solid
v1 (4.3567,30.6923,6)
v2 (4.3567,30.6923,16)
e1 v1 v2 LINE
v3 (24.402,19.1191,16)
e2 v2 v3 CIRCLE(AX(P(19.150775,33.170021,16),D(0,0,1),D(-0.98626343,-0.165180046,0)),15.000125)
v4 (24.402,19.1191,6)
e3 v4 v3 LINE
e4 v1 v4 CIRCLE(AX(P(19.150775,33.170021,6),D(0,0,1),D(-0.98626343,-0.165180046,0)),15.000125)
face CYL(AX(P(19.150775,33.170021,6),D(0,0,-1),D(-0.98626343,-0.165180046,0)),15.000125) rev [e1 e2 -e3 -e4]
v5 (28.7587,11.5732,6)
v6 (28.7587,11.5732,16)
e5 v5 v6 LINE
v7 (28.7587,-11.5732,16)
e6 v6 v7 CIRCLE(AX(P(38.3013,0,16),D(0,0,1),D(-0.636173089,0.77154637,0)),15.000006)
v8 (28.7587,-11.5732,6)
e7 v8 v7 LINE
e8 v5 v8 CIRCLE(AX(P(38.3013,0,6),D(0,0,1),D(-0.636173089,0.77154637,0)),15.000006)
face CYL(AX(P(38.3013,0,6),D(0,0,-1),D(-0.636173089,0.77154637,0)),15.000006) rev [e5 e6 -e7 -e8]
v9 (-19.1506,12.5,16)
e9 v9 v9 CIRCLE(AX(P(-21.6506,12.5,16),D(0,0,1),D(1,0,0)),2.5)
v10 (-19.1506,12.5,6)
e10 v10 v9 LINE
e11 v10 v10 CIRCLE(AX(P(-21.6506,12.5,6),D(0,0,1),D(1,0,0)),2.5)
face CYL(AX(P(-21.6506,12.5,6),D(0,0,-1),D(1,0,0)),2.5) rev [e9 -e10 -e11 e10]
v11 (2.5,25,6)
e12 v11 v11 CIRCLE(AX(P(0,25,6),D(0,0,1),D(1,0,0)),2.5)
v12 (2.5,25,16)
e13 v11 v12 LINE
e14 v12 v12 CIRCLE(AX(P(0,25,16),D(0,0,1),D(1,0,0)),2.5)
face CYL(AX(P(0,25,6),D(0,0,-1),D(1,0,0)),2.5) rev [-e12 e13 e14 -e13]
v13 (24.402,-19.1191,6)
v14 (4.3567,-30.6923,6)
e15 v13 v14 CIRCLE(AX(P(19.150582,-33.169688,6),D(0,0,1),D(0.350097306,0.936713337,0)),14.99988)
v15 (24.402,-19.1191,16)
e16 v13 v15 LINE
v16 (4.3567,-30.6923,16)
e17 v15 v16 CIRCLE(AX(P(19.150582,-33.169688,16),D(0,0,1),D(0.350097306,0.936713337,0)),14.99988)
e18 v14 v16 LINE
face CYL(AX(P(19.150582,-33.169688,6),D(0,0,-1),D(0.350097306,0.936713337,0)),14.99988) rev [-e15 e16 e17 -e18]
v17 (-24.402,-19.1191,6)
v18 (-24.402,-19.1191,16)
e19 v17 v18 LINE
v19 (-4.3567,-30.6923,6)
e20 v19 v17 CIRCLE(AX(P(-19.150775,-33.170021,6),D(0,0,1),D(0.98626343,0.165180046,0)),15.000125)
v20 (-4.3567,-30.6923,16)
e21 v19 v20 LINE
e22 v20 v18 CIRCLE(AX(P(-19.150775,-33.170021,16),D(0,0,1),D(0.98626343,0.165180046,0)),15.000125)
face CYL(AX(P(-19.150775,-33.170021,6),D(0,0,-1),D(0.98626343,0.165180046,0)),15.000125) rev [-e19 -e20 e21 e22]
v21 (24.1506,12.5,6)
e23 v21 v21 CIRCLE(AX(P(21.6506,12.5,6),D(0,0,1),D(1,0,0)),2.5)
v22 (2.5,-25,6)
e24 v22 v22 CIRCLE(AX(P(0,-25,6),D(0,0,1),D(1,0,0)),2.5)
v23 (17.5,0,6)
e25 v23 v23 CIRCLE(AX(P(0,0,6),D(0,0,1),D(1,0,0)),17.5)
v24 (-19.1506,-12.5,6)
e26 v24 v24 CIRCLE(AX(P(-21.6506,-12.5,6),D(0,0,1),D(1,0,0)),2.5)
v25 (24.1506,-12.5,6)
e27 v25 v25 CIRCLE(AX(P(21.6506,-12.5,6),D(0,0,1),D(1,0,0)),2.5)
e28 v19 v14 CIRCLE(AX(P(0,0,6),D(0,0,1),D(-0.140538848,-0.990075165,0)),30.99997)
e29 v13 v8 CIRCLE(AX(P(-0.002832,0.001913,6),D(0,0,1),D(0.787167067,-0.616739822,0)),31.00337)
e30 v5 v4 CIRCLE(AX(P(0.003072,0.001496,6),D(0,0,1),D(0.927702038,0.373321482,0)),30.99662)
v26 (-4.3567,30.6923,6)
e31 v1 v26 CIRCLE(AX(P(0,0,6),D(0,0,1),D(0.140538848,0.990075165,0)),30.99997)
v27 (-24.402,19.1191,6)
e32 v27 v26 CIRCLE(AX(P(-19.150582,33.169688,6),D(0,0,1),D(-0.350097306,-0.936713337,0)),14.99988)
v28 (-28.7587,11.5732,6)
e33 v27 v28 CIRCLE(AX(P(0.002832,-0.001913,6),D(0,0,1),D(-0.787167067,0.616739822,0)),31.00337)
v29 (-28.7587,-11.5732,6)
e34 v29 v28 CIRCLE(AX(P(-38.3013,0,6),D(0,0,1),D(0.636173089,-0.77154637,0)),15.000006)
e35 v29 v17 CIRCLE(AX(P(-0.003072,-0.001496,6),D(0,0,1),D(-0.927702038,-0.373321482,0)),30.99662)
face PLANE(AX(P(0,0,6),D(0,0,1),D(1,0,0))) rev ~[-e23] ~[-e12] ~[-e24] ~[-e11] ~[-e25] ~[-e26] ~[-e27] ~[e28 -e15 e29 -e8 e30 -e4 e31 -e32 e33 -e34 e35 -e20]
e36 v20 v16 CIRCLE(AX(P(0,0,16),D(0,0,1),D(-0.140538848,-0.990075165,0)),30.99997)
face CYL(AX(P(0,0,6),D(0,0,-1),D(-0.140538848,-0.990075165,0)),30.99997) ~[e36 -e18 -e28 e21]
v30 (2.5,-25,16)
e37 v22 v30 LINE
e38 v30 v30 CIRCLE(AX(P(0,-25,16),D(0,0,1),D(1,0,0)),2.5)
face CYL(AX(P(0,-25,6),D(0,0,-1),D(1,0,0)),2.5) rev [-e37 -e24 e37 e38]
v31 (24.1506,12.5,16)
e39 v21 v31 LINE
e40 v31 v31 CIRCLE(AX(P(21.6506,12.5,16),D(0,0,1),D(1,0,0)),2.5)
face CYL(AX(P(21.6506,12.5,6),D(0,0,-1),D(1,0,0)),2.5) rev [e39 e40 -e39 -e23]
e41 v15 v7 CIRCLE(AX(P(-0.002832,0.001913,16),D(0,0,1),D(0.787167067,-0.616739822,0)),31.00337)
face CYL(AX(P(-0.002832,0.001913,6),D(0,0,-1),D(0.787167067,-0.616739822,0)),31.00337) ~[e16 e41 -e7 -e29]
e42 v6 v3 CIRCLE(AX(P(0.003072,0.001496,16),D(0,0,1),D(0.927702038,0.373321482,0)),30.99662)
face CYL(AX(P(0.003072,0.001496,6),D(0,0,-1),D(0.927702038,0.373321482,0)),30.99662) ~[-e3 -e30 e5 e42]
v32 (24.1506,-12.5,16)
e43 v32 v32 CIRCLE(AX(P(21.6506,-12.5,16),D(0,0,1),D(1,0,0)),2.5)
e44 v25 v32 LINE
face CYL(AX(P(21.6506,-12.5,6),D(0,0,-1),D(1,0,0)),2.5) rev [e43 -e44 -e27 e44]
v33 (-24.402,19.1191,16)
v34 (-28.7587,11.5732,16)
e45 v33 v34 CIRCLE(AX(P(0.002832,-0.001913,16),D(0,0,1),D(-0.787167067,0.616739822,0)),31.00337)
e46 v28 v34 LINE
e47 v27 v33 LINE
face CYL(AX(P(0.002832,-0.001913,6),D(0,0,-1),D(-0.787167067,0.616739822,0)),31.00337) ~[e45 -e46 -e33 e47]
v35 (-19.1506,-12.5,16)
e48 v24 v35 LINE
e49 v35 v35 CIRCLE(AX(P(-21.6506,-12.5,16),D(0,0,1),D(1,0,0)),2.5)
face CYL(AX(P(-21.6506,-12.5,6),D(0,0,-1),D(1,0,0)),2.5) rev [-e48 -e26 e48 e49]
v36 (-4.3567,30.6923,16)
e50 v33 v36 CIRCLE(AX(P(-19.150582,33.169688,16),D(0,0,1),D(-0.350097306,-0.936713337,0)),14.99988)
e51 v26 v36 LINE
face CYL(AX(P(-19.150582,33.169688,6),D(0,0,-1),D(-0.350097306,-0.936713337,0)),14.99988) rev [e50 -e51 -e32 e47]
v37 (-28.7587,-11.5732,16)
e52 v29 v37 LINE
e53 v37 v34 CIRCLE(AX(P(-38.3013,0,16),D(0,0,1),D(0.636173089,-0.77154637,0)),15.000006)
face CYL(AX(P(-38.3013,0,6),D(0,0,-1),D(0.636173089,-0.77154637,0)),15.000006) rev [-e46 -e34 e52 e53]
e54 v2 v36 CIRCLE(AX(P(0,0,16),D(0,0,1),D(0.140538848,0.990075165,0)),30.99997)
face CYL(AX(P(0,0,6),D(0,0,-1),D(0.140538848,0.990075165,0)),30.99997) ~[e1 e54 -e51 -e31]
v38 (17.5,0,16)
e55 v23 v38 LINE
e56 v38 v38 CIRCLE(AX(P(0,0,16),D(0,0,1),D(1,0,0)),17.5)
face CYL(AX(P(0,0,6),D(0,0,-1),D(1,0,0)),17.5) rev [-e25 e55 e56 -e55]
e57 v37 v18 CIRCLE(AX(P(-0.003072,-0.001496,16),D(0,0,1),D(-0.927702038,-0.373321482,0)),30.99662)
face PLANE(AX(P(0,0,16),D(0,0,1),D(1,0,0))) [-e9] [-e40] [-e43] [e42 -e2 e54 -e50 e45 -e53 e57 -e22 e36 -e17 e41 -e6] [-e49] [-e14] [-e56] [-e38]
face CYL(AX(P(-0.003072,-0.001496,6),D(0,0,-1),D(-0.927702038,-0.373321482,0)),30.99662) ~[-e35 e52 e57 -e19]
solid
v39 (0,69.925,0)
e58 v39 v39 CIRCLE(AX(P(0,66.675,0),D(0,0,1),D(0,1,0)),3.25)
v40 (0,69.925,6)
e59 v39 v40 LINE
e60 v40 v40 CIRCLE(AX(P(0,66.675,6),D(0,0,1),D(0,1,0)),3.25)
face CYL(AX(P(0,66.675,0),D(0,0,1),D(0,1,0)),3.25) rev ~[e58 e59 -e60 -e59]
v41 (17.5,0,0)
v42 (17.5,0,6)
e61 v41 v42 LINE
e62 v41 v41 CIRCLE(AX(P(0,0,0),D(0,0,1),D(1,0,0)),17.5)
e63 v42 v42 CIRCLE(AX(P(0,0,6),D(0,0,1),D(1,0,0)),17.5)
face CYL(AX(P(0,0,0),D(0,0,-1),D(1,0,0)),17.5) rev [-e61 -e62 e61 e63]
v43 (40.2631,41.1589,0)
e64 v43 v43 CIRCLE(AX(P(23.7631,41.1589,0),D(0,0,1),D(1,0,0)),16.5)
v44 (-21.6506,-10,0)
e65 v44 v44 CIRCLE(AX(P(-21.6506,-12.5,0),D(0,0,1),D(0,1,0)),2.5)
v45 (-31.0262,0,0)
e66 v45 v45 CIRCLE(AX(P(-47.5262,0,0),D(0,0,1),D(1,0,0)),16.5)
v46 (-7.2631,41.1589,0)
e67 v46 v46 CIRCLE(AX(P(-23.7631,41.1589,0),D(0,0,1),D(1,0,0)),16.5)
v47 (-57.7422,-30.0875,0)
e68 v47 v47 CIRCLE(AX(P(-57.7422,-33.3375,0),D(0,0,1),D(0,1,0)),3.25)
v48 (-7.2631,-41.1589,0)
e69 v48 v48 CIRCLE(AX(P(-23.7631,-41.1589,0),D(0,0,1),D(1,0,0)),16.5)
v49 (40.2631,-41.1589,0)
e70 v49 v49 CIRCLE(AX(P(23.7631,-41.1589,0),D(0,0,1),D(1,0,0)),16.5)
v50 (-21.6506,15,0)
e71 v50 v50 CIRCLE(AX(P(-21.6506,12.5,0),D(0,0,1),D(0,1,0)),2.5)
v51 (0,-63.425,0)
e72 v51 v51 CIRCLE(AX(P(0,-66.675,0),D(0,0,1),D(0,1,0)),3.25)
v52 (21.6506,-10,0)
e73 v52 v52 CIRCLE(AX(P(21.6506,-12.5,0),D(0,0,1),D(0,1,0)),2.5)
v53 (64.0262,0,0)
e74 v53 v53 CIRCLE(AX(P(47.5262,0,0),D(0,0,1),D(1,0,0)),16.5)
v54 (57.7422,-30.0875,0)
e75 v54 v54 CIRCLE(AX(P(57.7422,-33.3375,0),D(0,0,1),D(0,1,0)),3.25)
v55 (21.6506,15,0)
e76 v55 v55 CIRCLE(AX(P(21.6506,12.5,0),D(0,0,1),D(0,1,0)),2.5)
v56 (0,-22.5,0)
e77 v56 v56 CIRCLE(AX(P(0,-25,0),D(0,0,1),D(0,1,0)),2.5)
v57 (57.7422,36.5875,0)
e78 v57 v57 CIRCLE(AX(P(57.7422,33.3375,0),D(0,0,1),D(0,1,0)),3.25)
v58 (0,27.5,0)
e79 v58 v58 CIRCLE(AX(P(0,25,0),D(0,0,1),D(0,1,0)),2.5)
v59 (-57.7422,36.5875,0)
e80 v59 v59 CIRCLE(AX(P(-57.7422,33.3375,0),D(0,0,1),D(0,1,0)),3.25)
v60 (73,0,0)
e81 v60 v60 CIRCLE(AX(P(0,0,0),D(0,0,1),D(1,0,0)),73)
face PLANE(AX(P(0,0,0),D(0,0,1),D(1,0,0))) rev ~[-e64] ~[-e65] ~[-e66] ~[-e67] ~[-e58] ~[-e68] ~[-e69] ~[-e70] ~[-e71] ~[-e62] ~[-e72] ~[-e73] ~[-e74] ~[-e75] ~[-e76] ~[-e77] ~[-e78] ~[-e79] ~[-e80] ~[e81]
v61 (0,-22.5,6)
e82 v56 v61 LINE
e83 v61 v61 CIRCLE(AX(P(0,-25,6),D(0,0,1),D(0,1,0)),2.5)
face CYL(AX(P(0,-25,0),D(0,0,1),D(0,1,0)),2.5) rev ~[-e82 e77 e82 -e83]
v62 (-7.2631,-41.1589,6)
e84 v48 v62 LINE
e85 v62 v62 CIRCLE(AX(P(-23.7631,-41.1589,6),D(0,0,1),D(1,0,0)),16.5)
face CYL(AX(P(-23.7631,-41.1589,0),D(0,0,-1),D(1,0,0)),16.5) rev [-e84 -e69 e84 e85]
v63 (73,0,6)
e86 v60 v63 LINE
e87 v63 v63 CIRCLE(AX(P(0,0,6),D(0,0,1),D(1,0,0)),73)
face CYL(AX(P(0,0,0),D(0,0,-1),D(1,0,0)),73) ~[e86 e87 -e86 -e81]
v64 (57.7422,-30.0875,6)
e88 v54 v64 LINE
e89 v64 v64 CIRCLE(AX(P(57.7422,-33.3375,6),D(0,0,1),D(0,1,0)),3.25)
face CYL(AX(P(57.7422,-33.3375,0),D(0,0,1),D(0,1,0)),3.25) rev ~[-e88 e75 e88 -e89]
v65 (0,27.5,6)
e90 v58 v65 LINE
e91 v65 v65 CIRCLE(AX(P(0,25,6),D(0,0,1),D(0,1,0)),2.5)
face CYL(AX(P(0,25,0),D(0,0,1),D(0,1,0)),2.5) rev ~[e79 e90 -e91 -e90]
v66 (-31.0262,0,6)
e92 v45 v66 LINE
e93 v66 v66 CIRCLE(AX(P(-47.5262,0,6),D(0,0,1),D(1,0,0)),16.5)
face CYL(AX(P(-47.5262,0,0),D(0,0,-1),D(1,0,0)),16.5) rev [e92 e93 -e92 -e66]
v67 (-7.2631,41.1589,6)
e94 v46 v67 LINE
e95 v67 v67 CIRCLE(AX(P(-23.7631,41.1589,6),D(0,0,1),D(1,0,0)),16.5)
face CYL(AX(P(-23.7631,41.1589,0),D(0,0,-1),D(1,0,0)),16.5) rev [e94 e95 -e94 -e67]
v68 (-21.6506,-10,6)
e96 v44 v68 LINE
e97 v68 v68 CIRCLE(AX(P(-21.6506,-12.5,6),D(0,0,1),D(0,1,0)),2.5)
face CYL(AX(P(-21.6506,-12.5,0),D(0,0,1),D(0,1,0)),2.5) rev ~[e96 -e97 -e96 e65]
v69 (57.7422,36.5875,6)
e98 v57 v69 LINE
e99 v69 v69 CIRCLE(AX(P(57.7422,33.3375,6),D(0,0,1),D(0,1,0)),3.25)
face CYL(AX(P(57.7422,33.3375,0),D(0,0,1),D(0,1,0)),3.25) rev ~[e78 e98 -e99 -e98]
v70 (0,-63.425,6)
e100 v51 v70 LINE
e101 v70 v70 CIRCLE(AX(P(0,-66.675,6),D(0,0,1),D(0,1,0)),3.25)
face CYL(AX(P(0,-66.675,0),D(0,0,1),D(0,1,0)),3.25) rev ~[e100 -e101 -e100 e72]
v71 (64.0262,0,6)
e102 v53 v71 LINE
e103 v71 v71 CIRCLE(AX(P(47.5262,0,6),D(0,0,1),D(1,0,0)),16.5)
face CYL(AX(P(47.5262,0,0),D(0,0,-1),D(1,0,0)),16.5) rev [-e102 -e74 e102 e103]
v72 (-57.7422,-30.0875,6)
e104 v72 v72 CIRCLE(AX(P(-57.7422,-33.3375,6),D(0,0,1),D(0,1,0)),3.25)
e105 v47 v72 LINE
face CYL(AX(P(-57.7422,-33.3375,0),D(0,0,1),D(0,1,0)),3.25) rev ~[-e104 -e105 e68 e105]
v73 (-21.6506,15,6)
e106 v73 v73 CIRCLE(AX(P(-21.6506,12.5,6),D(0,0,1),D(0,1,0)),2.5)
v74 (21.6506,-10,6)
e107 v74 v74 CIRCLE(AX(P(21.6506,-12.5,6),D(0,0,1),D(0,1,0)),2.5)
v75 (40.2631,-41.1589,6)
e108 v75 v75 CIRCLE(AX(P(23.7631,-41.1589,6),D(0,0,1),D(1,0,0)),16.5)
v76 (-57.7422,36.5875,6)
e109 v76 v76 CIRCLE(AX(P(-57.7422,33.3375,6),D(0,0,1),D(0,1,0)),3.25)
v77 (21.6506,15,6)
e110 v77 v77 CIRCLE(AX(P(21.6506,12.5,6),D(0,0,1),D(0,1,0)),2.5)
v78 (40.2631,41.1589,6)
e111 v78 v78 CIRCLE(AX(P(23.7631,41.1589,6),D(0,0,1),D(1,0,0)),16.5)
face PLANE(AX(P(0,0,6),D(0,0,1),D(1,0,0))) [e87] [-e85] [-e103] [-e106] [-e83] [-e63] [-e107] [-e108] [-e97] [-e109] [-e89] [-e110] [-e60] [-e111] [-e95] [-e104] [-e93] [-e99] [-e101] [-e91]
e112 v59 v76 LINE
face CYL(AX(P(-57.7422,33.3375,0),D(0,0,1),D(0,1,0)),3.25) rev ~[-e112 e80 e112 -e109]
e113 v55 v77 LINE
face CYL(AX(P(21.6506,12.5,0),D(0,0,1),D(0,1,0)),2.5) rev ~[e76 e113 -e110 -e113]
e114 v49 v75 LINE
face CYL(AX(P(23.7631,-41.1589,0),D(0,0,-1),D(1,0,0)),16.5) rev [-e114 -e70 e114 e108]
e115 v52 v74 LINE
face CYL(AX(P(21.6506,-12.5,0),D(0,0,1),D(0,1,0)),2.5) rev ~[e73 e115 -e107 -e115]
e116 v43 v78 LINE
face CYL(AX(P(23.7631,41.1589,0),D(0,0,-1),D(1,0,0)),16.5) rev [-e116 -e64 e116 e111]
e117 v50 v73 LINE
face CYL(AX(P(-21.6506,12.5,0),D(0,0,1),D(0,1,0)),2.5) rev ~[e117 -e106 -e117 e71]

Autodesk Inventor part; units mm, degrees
ref_plane "YZ Plane" through (0, 0, 0) normal (1, 0, 0) x (0, 1, 0)
ref_plane "XZ Plane" through (0, 0, 0) normal (0, 1, 0) x (-1, 0, 0)
ref_plane "XY Plane" through (0, 0, 0) normal (0, 0, 1) x (1, 0, 0)
sketch "Sketch1" plane through (0, 0, 0) normal (0, 0, 1) x (1, 0, 0)
  circle A0 centre (0, 0) radius 17.5
  circle A1 centre (-47.5262, 0) radius 16.5
  circle A2 centre (0, 0) radius 73
  circle A3 centre (-23.7631, -41.1589) radius 16.5
  circle A4 centre (23.7631, -41.1589) radius 16.5
  circle A5 centre (47.5262, 0) radius 16.5
  circle A6 centre (23.7631, 41.1589) radius 16.5
  circle A7 centre (-23.7631, 41.1589) radius 16.5
  point P0 (0, 66.675)
  point P1 (-57.7422, 33.3375)
  point P2 (-57.7422, -33.3375)
  point P3 (0, -66.675)
  point P4 (57.7422, -33.3375)
  point P5 (57.7422, 33.3375)
  point P6 (0, 25)
  point P7 (-21.6506, 12.5)
  point P8 (-21.6506, -12.5)
  point P9 (0, -25)
  point P10 (21.6506, -12.5)
  point P11 (21.6506, 12.5)
  dimension "d0" = 66.675
  dimension "d3" = 360
  dimension "d9" = 35
  dimension "d19" = 33
  dimension "d20" = 25
  dimension "d23" = 360
  dimension "d25" = 146
  dimension "d28" = 360
extrude "Extrusion2" add sketch "Sketch1" along normal blind 6
hole "Hole2" at (0, 66.675, 0) at (-57.7422, 33.3375, 0) at (-57.7422, -33.3375, 0) at (0, -66.675, 0) at (57.7422, -33.3375, 0) at (57.7422, 33.3375, 0) direction (0, 0, 1) diameter 6.5 end through all
hole "Hole3" at (0, 25, 0) at (-21.6506, 12.5, 0) at (-21.6506, -12.5, 0) at (0, -25, 0) at (21.6506, 12.5, 0) at (21.6506, -12.5, 0) direction (0, 0, 1) diameter 5 end through all
sketch "Sketch3" plane through (0, 0, 6) normal (0, 0, 1) x (1, 0, 0)
  circle A0 centre (0, 0) radius 17.5 projected
  circle A1 centre (21.6506, 12.5) radius 2.5 projected
  circle A2 centre (0, 25) radius 2.5 projected
  circle A3 centre (-21.6506, 12.5) radius 2.5 projected
  circle A4 centre (-21.6506, -12.5) radius 2.5 projected
  circle A5 centre (0, -25) radius 2.5 projected
  circle A6 centre (21.6506, -12.5) radius 2.5 projected
  line L0 (0, 0) -> (23.058, 39.9377) construction
  line L1 (0, 0) -> (46.116, 0) construction
  arc A7 (4.3567, 30.6923) -> (24.402, 19.1191) centre (19.1506, 33.1699) ccw
  arc A8 (-24.402, 19.1191) -> (-4.3567, 30.6923) centre (-19.1506, 33.1699) ccw
  arc A9 (-28.7587, -11.5732) -> (-28.7587, 11.5732) centre (-38.3013, 0) ccw
  arc A10 (-4.3567, -30.6923) -> (-24.402, -19.1191) centre (-19.1506, -33.1699) ccw
  arc A11 (24.402, -19.1191) -> (4.3567, -30.6923) centre (19.1506, -33.1699) ccw
  arc A12 (28.7587, 11.5732) -> (28.7587, -11.5732) centre (38.3013, 0) ccw
  arc A13 (4.3567, 30.6923) -> (-4.3567, 30.6923) centre (0, 0) ccw
  arc A14 (-24.402, 19.1191) -> (-28.7587, 11.5732) centre (0, 0) ccw
  arc A15 (-28.7587, -11.5732) -> (-24.402, -19.1191) centre (0, 0) ccw
  arc A16 (-4.3567, -30.6923) -> (4.3567, -30.6923) centre (0, 0) ccw
  arc A17 (24.402, -19.1191) -> (28.7587, -11.5732) centre (0, 0) ccw
  arc A18 (28.7587, 11.5732) -> (24.402, 19.1191) centre (0, 0) ccw
  dimension "d48" = 60
  dimension "d49" = 30
  dimension "d52" = 360
extrude "Extrusion3" add sketch "Sketch3" along normal blind 10 separate body
thread "Thread1" size "Rc 1/16" standard "DIN Pipe Taper Internal" length 10
properties part number "PortaCoronasCassette"
